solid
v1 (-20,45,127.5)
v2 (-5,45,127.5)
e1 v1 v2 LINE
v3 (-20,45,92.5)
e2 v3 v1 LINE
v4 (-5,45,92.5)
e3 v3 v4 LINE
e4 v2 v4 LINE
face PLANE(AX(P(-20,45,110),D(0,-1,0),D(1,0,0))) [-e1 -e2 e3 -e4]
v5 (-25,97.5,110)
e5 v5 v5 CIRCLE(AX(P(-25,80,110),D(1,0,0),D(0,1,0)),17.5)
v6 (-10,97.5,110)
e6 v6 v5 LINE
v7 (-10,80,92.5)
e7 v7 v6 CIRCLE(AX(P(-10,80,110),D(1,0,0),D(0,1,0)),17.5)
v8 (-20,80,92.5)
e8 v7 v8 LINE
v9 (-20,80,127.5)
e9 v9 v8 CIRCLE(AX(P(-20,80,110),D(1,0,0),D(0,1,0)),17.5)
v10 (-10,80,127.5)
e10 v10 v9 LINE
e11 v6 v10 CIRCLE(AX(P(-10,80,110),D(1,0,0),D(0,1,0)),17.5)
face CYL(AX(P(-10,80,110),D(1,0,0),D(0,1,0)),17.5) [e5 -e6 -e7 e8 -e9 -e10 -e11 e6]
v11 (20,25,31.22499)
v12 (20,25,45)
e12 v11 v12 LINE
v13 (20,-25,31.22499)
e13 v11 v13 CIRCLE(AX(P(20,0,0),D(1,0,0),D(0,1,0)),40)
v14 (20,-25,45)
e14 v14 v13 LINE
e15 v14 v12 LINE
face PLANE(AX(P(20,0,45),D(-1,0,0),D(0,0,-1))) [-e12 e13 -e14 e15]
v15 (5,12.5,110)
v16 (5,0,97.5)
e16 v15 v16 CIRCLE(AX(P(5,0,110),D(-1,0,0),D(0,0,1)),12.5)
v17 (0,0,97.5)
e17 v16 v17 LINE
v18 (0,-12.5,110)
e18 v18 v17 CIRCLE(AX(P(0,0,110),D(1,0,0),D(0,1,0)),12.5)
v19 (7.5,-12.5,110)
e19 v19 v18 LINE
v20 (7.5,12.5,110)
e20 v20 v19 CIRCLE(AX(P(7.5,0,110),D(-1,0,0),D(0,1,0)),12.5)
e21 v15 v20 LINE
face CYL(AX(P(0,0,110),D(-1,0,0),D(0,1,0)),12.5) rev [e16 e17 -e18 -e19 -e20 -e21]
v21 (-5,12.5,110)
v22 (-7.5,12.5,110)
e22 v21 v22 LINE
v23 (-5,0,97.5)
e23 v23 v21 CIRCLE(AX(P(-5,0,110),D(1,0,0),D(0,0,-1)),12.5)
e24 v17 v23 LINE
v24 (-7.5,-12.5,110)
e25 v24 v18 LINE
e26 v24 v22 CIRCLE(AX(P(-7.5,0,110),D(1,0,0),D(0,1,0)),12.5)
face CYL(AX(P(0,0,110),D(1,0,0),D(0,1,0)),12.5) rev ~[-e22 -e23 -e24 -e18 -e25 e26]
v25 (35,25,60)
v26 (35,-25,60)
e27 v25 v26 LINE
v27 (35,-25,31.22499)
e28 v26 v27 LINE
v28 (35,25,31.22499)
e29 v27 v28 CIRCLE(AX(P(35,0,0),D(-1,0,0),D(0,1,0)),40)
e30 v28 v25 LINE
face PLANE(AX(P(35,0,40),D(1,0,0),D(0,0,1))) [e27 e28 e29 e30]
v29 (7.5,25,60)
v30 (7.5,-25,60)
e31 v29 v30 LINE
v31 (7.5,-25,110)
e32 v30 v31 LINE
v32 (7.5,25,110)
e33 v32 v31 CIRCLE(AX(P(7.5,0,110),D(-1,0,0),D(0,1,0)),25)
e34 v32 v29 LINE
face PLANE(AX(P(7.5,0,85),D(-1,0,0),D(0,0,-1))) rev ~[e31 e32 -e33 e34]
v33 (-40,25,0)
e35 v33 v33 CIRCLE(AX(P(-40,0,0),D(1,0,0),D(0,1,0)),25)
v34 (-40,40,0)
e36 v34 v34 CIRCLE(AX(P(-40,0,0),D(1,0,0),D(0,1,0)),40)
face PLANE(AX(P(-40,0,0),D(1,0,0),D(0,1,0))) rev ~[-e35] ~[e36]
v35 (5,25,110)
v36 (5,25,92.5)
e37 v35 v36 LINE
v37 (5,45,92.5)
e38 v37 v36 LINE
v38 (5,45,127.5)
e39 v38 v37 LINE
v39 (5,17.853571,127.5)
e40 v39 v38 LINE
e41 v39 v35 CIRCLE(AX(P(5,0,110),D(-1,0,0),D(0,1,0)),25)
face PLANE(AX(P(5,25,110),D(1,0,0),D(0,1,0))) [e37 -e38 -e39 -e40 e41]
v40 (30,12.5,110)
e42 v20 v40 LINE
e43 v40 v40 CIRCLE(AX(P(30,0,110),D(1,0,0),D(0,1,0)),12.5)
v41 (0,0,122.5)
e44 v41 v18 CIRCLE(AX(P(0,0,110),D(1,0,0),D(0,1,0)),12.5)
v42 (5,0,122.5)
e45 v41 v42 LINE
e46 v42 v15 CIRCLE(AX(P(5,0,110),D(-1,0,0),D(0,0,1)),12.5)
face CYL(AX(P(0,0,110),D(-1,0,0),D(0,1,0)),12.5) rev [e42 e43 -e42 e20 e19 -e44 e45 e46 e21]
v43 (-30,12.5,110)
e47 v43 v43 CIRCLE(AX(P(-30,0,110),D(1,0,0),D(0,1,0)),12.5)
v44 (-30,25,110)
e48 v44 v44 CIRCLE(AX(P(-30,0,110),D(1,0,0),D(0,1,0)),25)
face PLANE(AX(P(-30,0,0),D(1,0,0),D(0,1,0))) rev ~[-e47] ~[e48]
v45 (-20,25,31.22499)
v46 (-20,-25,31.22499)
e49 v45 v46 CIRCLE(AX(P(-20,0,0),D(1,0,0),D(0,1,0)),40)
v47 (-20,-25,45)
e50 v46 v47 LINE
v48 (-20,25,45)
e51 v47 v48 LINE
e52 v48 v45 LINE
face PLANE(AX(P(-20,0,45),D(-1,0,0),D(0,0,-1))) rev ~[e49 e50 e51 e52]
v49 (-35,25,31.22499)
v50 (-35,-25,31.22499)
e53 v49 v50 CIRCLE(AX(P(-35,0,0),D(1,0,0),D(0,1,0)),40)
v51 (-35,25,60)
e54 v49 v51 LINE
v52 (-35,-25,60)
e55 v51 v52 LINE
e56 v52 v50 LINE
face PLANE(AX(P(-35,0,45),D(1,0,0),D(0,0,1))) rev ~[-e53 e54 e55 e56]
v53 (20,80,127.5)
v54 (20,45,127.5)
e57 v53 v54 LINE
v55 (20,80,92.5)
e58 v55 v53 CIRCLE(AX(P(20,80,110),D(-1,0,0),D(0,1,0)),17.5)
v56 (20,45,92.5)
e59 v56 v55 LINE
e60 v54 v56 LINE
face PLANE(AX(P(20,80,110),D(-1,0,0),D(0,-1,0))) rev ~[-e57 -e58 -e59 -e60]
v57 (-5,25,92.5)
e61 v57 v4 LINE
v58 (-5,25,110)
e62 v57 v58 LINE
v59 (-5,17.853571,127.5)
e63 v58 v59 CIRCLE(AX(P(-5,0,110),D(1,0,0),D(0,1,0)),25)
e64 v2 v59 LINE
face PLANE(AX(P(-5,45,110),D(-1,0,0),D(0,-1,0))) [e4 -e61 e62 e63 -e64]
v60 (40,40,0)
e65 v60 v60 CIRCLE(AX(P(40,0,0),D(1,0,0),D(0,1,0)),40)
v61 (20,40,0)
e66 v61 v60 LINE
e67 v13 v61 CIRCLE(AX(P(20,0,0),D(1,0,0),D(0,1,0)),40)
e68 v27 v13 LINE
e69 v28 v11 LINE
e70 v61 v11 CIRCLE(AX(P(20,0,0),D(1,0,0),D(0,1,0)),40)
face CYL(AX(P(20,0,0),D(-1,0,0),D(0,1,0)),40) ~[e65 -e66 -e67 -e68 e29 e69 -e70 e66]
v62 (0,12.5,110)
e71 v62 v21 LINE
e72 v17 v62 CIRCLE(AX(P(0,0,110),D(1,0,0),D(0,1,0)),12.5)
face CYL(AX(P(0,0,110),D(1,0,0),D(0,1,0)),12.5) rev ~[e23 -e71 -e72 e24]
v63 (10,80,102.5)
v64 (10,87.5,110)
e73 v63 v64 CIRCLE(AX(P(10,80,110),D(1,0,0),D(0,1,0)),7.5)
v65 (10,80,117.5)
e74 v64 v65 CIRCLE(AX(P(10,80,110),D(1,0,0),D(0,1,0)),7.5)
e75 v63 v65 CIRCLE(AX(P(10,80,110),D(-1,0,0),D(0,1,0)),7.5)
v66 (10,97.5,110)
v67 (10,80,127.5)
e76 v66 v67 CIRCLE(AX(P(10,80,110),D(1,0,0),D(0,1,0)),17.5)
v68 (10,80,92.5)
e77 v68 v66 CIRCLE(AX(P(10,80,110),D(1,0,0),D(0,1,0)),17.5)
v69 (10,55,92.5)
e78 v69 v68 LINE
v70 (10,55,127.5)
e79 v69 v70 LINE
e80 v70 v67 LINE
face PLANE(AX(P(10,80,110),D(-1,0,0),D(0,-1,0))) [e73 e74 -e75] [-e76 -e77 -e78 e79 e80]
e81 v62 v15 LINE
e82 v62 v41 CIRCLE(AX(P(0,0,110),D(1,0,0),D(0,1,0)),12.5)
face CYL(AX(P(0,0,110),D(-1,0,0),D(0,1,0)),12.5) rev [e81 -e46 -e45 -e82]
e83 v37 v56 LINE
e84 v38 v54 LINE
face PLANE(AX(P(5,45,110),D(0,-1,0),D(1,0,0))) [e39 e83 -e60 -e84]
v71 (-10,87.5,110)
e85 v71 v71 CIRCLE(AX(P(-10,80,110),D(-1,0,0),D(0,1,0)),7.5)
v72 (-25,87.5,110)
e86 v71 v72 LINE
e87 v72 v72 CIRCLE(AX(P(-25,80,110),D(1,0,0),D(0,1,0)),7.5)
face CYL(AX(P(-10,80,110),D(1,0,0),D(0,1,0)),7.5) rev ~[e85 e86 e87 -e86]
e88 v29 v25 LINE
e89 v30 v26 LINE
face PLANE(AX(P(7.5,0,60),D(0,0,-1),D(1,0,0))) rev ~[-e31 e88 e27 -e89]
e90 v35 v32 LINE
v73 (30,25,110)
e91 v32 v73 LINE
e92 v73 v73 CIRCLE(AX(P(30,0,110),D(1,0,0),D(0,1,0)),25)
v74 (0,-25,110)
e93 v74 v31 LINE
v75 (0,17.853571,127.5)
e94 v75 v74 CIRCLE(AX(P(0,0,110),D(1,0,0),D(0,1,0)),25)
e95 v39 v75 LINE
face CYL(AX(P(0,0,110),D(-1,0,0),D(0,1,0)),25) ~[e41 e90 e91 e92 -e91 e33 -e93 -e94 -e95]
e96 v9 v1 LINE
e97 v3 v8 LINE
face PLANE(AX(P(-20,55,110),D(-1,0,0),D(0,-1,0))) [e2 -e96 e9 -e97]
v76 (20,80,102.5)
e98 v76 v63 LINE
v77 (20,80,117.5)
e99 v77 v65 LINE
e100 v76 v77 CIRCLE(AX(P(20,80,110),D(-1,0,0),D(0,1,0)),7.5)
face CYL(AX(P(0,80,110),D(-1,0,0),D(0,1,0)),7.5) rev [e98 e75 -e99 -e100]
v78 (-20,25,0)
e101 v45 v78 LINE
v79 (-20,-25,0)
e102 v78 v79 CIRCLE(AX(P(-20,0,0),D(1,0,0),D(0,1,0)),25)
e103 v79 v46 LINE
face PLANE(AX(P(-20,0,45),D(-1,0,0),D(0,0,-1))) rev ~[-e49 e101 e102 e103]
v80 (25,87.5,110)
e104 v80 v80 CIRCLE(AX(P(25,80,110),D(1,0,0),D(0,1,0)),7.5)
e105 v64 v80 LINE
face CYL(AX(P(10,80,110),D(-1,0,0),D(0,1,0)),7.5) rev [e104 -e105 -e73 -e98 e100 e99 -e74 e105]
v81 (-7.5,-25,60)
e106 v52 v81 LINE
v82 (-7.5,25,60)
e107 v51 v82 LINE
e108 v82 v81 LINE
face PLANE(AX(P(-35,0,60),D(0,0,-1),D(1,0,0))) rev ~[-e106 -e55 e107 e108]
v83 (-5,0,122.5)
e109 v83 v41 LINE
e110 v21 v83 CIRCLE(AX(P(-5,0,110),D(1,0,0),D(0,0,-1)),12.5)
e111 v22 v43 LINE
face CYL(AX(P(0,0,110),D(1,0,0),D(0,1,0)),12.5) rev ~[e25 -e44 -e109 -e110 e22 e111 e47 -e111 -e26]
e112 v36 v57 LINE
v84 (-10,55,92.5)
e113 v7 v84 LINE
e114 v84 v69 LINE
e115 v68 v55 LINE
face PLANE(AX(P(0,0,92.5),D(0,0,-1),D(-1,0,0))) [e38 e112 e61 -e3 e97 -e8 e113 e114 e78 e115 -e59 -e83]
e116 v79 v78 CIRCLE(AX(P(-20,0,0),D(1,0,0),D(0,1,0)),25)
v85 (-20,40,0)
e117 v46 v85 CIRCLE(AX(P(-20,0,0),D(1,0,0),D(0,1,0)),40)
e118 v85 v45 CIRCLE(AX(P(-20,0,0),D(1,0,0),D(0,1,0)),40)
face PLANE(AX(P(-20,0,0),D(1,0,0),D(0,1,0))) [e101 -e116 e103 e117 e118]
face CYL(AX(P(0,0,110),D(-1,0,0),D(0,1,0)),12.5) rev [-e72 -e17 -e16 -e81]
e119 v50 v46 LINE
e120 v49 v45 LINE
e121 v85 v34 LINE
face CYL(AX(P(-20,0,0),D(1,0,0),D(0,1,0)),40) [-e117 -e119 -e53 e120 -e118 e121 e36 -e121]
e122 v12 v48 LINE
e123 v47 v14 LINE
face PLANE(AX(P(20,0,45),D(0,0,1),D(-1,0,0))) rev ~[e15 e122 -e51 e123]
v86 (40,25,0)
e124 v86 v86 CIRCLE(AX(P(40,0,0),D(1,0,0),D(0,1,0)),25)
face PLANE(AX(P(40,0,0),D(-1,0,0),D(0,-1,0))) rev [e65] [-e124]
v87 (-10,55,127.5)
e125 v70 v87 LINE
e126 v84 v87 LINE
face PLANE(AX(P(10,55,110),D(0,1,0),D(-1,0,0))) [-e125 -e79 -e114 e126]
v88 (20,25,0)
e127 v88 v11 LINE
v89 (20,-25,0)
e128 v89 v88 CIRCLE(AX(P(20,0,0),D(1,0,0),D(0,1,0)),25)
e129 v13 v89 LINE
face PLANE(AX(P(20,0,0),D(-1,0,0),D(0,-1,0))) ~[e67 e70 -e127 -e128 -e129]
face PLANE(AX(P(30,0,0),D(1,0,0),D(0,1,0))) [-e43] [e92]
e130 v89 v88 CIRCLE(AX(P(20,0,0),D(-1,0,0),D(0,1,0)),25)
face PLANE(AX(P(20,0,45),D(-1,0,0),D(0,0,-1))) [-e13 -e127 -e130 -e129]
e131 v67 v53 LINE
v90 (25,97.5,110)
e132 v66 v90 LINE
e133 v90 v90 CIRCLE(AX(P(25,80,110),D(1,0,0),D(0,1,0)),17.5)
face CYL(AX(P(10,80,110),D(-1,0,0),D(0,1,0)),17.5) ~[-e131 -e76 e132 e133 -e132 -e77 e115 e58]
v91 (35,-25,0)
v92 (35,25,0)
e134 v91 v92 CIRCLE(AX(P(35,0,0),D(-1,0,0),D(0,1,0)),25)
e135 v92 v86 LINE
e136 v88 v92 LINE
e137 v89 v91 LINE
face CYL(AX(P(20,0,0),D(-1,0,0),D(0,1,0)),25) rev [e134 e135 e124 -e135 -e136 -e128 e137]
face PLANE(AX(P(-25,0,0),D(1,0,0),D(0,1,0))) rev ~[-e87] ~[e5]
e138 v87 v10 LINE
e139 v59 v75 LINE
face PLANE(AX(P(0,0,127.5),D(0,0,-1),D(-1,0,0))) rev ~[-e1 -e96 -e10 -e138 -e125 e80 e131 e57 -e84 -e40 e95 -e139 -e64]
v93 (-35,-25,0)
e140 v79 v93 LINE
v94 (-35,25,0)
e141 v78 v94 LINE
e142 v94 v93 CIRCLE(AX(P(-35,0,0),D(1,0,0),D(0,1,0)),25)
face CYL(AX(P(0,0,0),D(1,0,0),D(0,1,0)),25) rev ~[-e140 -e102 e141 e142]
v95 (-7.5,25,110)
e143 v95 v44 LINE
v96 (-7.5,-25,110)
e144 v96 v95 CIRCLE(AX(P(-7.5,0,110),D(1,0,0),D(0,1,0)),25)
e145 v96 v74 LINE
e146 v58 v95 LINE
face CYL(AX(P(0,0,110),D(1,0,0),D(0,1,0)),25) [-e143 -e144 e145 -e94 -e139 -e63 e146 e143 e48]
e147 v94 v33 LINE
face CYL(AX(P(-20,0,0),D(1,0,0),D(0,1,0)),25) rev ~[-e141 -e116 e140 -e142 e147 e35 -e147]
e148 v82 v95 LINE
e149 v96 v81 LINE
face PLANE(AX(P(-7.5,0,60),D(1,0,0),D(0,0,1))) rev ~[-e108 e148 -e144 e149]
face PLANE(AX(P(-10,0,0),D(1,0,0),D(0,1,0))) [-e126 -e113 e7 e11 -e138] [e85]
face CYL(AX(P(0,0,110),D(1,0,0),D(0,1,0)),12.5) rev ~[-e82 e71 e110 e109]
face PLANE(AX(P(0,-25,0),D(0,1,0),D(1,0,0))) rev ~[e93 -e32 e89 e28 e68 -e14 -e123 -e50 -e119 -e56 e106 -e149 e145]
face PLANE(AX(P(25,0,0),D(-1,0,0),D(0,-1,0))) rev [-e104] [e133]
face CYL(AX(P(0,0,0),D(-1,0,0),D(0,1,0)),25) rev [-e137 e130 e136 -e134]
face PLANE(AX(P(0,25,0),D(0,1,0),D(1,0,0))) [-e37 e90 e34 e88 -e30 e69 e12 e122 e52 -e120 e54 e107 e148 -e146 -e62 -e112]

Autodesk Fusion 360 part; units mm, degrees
sketch "Sketch1" plane through (0, 0, 0) normal (0, 1, 0) x (1, 0, 0)
  circle A0 centre (0, 0) radius 12.5
  circle A1 centre (0, 0) radius 25
  circle A2 centre (0, 110) radius 25
  circle A3 centre (0, 110) radius 40
  circle A4 centre (-80, 0) radius 7.5
  circle A5 centre (-80, 0) radius 17.5
  dimension "d1" = 25
  dimension "d2" = 50
  dimension "d3" = 50
  dimension "d4" = 80
  dimension "d5" = 15
  dimension "d6" = 35
  dimension "d7" = 110
  dimension "d8" = 80
sketch "Sketch2" plane through (0, 0, 0) normal (1, 0, 0) x (0, 1, 0)
  circle A0 centre (0, 0) radius 25
  circle A1 centre (0, 0) radius 40
  circle A2 centre (0, 110) radius 12.5
  circle A3 centre (0, 110) radius 25
  circle A4 centre (80, 110) radius 7.5
  circle A5 centre (80, 110) radius 17.5
  dimension "d19" = 50
  dimension "d20" = 80
  dimension "d21" = 25
  dimension "d22" = 50
  dimension "d23" = 15
  dimension "d24" = 35
  dimension "d25" = 110
  dimension "d26" = 80
  dimension "d27" = 110
extrude "Extrude6" add sketch "Sketch2" against normal blind 20 from surface at -20 contours A1 makes body 1
extrude "Extrude7" add sketch "Sketch2" against normal blind 15 from surface at -10 separate body contours A5 makes body 2
extrude "Extrude8" add sketch "Sketch2" along normal mid plane 60 separate body contours A3 makes body 3
mirror "Mirror1" about plane through (0, 0, 0) normal (1, 0, 0) of bodies 2 1 makes body 4 at (33.3333, 39.9503, -1.9938) makes body 5 at (20, 97.413, 108.2576)
sketch "Sketch3" plane through (0, 0, 0) normal (0, 1, 0) x (1, 0, 0)
  line L0 (40, 0) -> (40, -40)
  line L1 (40, 40) -> (40, 0)
  line L2 (20, 0) -> (20, 40)
  line L3 (20, -40) -> (20, 0)
  line L4 (40, 40) -> (20, 40)
  line L5 (40, -40) -> (20, -40)
  line L6 (-40, 0) -> (-40, -40)
  line L7 (-40, 40) -> (-40, 0)
  line L8 (-20, 0) -> (-20, 40)
  line L9 (-20, -40) -> (-20, 0)
  line L10 (-20, 40) -> (-40, 40)
  line L11 (-20, -40) -> (-40, -40)
  line L12 (-30, -110) -> (-30, -135)
  line L13 (-30, -85) -> (-30, -110)
  line L14 (30, -110) -> (30, -85)
  line L15 (30, -135) -> (30, -110)
  line L16 (-30, -135) -> (30, -135)
  line L17 (-30, -85) -> (30, -85)
  line L18 (-20, 0) -> (-35, 0)
  line L19 (-35, 0) -> (-35, -45)
  line L20 (-35, -45) -> (-20, -45)
  line L21 (-20, -45) -> (-20, 0)
  line L22 (20, 0) -> (35, 0)
  line L23 (35, 0) -> (35, -45)
  line L24 (35, -45) -> (20, -45)
  line L25 (20, -45) -> (20, 0)
  line L26 (35, -45) -> (-35, -45)
  line L27 (-35, -45) -> (-35, -60)
  line L28 (-35, -60) -> (35, -60)
  line L29 (35, -60) -> (35, -45)
  line L30 (7.5, -45) -> (-7.5, -45)
  line L31 (-7.5, -45) -> (-7.5, -110)
  line L32 (-7.5, -110) -> (7.5, -110)
  line L33 (7.5, -110) -> (7.5, -45)
  dimension "d38" = 15
  dimension "d39" = 45
  dimension "d40" = 15
  dimension "d41" = 45
  dimension "d42" = 15
  dimension "d43" = 15
  dimension "d44" = 65
  dimension "d45" = 27.5
extrude "Extrude9" add sketch "Sketch3" along normal mid plane 50 separate body contours L5 L23 L24 L25 L26 | L3 L5 L22 L23 L25 | L24 L26 L28 L29 L33 | L26 L28 L30 L31 L33 | L17 L28 L31 L33 | L20 L26 L27 L28 L31 | L17 L31 L32 L33 | L11 L19 L20 L21 L26 | L9 L11 L18 L19 L21 makes body 6
extrude "Extrude10" cut sketch "Sketch2" along normal through all and the other way through all contours A0 | A2 bodies 6
ref_plane "WorkPlane1" through (-17.5, 80, 110) normal (0, 0, -1) x (-1, 0, 0)
sketch "Sketch4" plane through (0, 0, 110) normal (0, 0, -1) x (-1, 0, 0)
  line L0 (-25, 62.5) -> (-25, 97.5)
  line L1 (-10, 97.5) -> (-10, 62.5)
  line L2 (-25, 62.5) -> (-10, 62.5)
  line L3 (-25, 97.5) -> (-10, 97.5)
  line L4 (25, 62.5) -> (25, 97.5)
  line L5 (10, 97.5) -> (10, 62.5)
  line L6 (10, 62.5) -> (25, 62.5)
  line L7 (10, 97.5) -> (25, 97.5)
  line L8 (30, -25) -> (30, 25)
  line L9 (-30, 25) -> (-30, -25)
  line L10 (30, 25) -> (-30, 25)
  line L11 (30, -25) -> (-30, -25)
  line L12 (10, 80) -> (20, 80)
  line L13 (20, 80) -> (20, 55)
  line L14 (20, 55) -> (10, 55)
  line L15 (10, 55) -> (10, 80)
  line L16 (-10, 80) -> (-20, 80)
  line L17 (-20, 80) -> (-20, 55)
  line L18 (-20, 55) -> (-10, 55)
  line L19 (-10, 55) -> (-10, 80)
  line L20 (-20, 55) -> (20, 55)
  line L21 (20, 55) -> (20, 45)
  line L22 (20, 45) -> (-20, 45)
  line L23 (-20, 45) -> (-20, 55)
  line L24 (-5, 55) -> (5, 55)
  line L25 (5, 55) -> (5, 0)
  line L26 (5, 0) -> (-5, 0)
  line L27 (-5, 0) -> (-5, 55)
  dimension "d50" = 10
  dimension "d51" = 25
  dimension "d52" = 10
  dimension "d53" = 25
  dimension "d54" = 10
  dimension "d55" = 10
  dimension "d56" = 55
  dimension "d57" = 15
  dimension "d58" = 15
extrude "Extrude11" add sketch "Sketch4" along normal mid plane 35 separate body contours L1 L2 L16 L17 L19 | L2 L17 L18 L19 L20 | L18 L20 L22 L23 L27 | L20 L22 L24 L25 L27 | L10 L22 L25 L27 | L14 L20 L21 L22 L25 | L10 L25 L26 L27 | L6 L13 L14 L15 L20 | L5 L6 L12 L13 L15 makes body 7
extrude "Extrude12" cut sketch "Sketch2" along normal through all and the other way through all contours A2 | A4 bodies 7
combine "Combine1" operation add target body 3 tool bodies 6 7 2 5 1 4
